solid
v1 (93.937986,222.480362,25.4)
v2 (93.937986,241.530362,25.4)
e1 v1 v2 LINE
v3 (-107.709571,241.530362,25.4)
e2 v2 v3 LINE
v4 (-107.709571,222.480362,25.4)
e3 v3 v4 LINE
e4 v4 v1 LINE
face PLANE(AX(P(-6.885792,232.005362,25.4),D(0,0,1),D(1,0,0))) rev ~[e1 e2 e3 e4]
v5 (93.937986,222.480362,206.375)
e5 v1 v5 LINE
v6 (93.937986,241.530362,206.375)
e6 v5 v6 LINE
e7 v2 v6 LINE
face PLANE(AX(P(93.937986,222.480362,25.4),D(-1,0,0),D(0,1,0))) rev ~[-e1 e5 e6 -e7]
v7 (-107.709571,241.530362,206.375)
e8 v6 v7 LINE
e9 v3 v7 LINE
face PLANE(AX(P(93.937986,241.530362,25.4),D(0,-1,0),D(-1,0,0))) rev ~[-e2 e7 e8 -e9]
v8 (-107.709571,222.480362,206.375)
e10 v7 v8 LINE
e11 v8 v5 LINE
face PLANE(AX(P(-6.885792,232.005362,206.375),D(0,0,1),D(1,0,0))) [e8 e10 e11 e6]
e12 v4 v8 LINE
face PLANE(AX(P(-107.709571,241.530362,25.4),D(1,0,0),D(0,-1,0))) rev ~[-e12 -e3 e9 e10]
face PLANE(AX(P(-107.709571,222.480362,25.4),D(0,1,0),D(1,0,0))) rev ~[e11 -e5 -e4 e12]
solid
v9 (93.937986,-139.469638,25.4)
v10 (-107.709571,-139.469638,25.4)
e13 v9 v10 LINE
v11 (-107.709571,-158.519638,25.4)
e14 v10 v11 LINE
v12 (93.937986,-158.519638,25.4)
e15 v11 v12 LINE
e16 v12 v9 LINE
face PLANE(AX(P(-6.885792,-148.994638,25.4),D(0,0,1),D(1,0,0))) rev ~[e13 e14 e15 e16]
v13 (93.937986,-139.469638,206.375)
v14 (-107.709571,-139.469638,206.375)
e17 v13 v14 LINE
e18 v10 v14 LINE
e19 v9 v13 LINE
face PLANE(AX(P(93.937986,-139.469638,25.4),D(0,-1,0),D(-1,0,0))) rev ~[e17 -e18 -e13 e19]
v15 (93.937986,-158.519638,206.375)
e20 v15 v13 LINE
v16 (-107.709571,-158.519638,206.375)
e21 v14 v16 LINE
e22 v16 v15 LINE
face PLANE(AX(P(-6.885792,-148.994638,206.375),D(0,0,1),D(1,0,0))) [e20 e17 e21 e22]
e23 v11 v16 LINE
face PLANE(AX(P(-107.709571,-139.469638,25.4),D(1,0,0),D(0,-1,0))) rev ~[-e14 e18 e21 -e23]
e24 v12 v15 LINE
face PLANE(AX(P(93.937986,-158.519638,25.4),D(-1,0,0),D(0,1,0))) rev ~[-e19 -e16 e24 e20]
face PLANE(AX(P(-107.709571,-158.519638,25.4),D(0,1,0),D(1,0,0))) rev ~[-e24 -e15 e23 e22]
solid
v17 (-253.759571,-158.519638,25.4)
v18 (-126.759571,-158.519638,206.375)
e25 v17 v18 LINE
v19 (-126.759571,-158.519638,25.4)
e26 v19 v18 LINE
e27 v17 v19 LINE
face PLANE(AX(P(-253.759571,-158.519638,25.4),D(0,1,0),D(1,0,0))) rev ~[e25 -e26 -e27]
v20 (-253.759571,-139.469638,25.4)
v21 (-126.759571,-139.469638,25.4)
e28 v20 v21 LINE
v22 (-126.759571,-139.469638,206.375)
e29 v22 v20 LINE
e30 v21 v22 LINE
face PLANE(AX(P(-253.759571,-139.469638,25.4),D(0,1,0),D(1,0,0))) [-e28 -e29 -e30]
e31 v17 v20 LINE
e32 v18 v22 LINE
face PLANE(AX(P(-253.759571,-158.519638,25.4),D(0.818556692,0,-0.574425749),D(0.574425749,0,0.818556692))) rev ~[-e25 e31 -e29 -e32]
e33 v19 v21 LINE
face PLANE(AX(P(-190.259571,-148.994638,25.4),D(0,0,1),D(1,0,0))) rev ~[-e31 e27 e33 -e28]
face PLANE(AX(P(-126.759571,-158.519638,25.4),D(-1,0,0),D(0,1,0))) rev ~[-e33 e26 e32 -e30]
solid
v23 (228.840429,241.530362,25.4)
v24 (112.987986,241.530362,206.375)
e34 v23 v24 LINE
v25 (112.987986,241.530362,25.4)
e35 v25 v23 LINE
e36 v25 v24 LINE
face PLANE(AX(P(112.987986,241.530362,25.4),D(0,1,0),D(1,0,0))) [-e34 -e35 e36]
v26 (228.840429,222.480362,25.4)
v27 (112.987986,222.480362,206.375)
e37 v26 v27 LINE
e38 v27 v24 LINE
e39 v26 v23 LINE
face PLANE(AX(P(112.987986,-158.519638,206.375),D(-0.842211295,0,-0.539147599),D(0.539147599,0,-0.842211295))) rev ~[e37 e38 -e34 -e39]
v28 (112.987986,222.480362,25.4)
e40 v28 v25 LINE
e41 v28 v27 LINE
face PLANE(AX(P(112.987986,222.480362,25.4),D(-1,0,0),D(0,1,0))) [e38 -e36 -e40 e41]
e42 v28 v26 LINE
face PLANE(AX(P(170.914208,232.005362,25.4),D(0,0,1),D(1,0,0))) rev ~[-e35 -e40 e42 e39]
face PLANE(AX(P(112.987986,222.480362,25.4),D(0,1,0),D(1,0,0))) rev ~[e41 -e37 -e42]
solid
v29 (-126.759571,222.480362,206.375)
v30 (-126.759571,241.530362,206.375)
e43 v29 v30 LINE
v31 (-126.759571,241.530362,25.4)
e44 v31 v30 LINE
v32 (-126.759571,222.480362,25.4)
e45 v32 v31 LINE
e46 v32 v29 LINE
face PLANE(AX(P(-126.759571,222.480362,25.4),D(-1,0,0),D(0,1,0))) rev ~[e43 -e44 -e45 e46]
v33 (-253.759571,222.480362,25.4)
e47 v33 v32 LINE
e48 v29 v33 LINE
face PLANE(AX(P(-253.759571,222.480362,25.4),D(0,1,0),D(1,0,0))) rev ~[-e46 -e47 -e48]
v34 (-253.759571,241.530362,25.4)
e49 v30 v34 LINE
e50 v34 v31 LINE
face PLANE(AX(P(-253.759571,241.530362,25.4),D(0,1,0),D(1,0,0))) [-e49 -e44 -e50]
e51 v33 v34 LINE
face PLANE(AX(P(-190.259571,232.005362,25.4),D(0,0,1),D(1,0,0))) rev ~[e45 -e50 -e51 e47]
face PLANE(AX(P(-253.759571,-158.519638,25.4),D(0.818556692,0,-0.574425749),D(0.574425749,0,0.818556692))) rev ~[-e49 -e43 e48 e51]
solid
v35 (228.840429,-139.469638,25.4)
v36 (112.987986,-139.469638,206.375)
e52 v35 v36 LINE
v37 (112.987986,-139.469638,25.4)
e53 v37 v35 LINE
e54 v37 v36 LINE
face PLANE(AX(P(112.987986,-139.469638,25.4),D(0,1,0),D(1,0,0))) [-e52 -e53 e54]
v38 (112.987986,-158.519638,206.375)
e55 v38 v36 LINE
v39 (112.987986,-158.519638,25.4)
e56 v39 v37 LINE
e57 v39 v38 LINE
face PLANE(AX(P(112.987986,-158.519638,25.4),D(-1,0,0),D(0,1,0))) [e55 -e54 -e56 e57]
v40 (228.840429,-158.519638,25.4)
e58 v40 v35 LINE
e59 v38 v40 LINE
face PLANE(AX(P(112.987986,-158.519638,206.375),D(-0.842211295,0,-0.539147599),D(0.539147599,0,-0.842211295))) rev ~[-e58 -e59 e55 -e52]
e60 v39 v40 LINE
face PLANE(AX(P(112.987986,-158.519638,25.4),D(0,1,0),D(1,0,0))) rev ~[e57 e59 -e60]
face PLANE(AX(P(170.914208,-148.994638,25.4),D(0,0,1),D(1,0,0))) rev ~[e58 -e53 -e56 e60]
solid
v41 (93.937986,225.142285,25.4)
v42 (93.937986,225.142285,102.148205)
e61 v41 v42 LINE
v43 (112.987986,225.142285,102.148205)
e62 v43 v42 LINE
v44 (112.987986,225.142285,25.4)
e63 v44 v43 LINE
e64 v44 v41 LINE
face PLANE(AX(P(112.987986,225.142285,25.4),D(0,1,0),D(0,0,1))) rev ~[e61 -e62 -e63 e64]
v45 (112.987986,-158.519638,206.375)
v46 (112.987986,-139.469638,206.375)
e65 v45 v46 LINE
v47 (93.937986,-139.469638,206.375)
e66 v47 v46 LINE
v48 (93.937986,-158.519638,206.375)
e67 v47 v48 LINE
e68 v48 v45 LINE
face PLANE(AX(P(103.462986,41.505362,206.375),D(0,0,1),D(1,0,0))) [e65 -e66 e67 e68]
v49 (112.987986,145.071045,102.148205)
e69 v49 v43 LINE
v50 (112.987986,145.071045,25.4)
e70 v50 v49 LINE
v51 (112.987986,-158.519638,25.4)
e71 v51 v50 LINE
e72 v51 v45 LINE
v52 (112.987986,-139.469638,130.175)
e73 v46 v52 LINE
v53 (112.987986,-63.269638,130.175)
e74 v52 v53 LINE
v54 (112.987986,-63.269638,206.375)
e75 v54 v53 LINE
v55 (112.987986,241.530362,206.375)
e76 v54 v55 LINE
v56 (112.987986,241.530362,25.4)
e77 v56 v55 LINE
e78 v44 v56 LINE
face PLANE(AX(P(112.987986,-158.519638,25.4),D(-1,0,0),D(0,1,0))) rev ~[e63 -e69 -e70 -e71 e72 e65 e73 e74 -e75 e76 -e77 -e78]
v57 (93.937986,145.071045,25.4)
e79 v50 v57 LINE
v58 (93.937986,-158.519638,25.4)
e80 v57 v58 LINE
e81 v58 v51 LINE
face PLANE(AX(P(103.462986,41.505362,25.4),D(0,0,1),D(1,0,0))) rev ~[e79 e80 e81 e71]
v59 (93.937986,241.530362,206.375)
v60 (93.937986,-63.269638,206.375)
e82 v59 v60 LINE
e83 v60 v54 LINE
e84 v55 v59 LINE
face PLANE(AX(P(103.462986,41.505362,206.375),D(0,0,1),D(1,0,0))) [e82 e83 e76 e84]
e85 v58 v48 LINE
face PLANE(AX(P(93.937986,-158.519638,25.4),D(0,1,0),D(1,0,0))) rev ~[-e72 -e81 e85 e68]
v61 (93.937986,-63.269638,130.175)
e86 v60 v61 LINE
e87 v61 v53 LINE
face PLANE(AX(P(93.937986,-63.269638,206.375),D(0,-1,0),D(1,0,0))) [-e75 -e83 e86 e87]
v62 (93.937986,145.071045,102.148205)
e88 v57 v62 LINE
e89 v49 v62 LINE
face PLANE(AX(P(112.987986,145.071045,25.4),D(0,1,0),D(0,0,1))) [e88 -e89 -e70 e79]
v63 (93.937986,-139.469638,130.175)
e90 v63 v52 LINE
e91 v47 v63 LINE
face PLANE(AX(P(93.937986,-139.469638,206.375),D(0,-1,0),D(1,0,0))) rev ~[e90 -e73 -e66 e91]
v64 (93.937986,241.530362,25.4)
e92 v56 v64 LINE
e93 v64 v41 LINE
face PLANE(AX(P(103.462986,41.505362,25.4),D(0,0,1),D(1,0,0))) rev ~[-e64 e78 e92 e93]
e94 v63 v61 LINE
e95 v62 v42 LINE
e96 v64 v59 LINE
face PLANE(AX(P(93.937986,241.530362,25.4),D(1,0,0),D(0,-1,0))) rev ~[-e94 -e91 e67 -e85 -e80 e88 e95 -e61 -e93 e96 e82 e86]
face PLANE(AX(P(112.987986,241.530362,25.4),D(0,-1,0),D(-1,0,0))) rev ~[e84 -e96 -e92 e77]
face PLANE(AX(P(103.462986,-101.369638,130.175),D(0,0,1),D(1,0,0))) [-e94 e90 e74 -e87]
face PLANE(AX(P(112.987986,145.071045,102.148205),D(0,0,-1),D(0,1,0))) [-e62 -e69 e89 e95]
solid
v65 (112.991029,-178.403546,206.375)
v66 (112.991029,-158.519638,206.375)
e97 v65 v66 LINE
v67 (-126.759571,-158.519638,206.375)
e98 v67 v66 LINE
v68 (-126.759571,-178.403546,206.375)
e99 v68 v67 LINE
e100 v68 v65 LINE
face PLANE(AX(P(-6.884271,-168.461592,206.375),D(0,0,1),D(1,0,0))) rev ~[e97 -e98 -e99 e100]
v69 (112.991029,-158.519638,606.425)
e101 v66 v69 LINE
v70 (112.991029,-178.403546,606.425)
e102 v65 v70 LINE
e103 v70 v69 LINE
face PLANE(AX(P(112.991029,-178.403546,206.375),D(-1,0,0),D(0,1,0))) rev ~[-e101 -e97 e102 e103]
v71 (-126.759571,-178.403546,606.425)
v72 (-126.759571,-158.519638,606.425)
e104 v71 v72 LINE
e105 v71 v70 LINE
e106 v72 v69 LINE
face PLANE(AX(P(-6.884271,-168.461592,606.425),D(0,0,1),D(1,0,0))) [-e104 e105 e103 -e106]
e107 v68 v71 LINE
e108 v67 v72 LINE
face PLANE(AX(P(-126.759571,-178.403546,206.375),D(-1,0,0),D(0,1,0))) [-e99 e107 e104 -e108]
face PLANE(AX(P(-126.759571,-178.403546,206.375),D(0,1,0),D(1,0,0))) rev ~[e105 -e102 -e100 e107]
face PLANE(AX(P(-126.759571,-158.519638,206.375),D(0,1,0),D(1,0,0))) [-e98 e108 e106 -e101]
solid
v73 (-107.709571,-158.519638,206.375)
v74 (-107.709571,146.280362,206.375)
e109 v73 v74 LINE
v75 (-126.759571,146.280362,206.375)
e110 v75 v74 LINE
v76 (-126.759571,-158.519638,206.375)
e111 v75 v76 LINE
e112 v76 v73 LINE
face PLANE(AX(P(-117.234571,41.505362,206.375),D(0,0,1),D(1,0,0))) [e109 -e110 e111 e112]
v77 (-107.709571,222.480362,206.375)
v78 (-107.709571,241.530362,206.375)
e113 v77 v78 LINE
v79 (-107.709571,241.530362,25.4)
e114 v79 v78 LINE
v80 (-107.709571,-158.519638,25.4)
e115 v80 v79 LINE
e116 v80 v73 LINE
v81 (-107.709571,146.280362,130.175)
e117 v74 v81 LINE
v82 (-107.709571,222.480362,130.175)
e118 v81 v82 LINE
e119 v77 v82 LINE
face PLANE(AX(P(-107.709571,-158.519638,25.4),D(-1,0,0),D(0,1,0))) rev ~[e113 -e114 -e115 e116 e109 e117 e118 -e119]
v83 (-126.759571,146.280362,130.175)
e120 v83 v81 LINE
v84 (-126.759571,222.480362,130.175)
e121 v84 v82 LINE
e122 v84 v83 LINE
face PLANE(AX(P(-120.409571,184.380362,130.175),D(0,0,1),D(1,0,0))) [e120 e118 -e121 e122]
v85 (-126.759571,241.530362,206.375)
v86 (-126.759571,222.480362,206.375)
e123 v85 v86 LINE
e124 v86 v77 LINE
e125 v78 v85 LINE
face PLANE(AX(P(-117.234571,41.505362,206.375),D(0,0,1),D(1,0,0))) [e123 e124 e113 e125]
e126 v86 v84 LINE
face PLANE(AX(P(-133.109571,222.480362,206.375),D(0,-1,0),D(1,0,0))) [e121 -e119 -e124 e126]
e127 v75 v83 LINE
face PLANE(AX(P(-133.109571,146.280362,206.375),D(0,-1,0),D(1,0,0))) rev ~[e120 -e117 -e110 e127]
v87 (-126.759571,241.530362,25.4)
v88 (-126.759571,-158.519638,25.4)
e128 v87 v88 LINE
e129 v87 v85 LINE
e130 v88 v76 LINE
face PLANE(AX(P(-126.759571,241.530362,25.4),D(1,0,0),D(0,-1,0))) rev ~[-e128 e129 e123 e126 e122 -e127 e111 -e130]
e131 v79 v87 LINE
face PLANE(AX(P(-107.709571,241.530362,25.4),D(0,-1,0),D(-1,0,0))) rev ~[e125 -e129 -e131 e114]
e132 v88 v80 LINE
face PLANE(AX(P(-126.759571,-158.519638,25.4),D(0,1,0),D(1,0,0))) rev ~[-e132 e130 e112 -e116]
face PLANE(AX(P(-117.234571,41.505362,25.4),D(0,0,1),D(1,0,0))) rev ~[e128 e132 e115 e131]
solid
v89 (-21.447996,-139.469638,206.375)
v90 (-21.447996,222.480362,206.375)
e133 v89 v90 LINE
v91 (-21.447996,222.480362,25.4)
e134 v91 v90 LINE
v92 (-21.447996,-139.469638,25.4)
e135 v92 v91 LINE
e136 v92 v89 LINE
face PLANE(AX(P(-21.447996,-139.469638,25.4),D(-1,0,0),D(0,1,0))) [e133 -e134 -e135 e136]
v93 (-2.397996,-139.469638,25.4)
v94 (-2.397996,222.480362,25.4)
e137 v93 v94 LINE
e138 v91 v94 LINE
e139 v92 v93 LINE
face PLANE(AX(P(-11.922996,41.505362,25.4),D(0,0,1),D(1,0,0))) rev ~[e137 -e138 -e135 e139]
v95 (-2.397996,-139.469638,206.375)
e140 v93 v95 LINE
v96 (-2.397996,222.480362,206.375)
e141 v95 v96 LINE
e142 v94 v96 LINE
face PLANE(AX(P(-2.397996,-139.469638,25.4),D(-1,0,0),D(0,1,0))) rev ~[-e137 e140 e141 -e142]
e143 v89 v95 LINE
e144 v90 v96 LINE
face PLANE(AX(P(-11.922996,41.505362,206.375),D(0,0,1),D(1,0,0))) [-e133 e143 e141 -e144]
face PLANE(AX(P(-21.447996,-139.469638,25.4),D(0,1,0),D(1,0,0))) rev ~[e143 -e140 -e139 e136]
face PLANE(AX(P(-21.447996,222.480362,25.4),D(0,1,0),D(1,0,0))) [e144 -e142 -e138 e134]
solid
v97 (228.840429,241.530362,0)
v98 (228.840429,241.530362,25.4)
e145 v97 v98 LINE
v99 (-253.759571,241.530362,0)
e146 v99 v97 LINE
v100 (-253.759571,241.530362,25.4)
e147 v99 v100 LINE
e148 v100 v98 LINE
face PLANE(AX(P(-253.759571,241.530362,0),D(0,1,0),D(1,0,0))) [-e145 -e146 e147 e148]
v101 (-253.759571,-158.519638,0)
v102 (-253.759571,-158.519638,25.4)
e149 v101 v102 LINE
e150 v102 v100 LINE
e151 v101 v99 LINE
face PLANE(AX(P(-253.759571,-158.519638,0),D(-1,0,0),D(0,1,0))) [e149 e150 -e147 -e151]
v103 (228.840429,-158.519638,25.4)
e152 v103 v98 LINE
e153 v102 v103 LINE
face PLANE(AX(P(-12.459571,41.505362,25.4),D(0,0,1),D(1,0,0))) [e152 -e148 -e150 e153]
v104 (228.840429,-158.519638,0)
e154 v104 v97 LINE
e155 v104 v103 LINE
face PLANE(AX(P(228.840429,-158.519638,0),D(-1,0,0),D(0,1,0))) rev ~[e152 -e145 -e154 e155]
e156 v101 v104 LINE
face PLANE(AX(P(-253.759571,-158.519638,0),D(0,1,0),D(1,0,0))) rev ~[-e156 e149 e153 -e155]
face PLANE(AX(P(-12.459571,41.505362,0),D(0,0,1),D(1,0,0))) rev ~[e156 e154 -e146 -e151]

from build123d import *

# Parameters (mm, degrees)
F0_W      = 482.6
F0_H      = 400.05
F1_DEPTH  = 25.4
F3_DEPTH  = 180.975
F2_W      = 19.05
F2_H      = 361.95
F2_W_2    = 127
F2_H_2    = 19.05
F4_DEPTH  = 180.975
F2_W_3    = 115.852443859
F6_DEPTH  = 400.051
F8_DEPTH  = 400.051
F9_W      = 239.7506
F9_H      = 19.883907908
F10_DEPTH = 400.05
F11_W     = 19.05
F11_H     = 76.2
F12_DEPTH = 76.2
F13_W     = 80.0712406635
F13_H     = 76.7482050419
F14_DEPTH = 25.4
F15_W     = 25.4
F15_H     = 76.2
F16_DEPTH = 76.2


with BuildPart() as f1:
    # F0 (on Top) → F1 (new body)
    with BuildSketch(Plane.XY):
        with Locations((-12.459570542, 41.5053624034)):
            Rectangle(F0_W, F0_H)
    extrude(amount=F1_DEPTH)


with BuildPart() as f3:
    # F2 (on face) → F3 (new body)
    with BuildSketch(Plane.XY.offset(25.4)):
        Polygon((-107.709570542, 241.5303624034), (-126.759570542, 241.5303624034), (-126.759570542, 222.4803624034), (-126.759570542, -139.4696375966), (-126.759570542, -158.5196375966), (-107.709570542, -158.5196375966), (-107.709570542, -139.4696375966), (-107.709570542, 222.4803624034), align=None)
    extrude(amount=F3_DEPTH)

    # F15 (on face) → F16 (cut)
    with BuildSketch(Plane.XY.offset(206.375)):
        with Locations((-120.409570542, 184.3803624034)):
            Rectangle(F15_W, F15_H)
    extrude(amount=-F16_DEPTH, mode=Mode.SUBTRACT)


with BuildPart() as f3b:
    # F2 (on face) → F3, piece 2 (new body)
    with BuildSketch(Plane.XY.offset(25.4)):
        with Locations((-11.9229956776, 41.5053624034)):
            Rectangle(F2_W, F2_H)
    extrude(amount=F3_DEPTH)


with BuildPart() as f3c:
    # F2 (on face) → F3, piece 3 (new body)
    with BuildSketch(Plane.XY.offset(25.4)):
        Polygon((112.987985599, 241.5303624034), (93.937985599, 241.5303624034), (93.937985599, 222.4803624034), (93.937985599, -139.4696375966), (93.937985599, -158.5196375966), (112.987985599, -158.5196375966), (112.987985599, -139.4696375966), (112.987985599, 222.4803624034), align=None)
    extrude(amount=F3_DEPTH)

    # F11 (on face) → F12 (cut)
    with BuildSketch(Plane.XY.offset(206.375)):
        with Locations((103.462985599, -101.3696375966)):
            Rectangle(F11_W, F11_H)
    extrude(amount=-F12_DEPTH, mode=Mode.SUBTRACT)

    # F13 (on face) → F14 (cut)
    with BuildSketch(Plane.YZ.offset(112.987985599)):
        with Locations((185.106664896, 63.7741025209)):
            Rectangle(F13_W, F13_H)
    extrude(amount=-F14_DEPTH, mode=Mode.SUBTRACT)


with BuildPart() as f4:
    # F2 (on face) → F4 (new body)
    with BuildSketch(Plane.XY.offset(25.4)):
        with Locations((-190.259570542, -148.9946375966)):
            Rectangle(F2_W_2, F2_H_2)
    extrude(amount=F4_DEPTH)


with BuildPart() as f4b:
    # F2 (on face) → F4, piece 2 (new body)
    with BuildSketch(Plane.XY.offset(25.4)):
        Polygon((-21.4479956776, -139.4696375966), (-107.709570542, -139.4696375966), (-107.709570542, -158.5196375966), (93.937985599, -158.5196375966), (93.937985599, -139.4696375966), (-2.3979956776, -139.4696375966), align=None)
    extrude(amount=F4_DEPTH)


with BuildPart() as f4c:
    # F2 (on face) → F4, piece 3 (new body)
    with BuildSketch(Plane.XY.offset(25.4)):
        with Locations((170.9142075285, -148.9946375966)):
            Rectangle(F2_W_3, F2_H_2)
    extrude(amount=F4_DEPTH)


with BuildPart() as f4d:
    # F2 (on face) → F4, piece 4 (new body)
    with BuildSketch(Plane.XY.offset(25.4)):
        Polygon((93.937985599, 241.5303624034), (-107.709570542, 241.5303624034), (-107.709570542, 222.4803624034), (-21.4479956776, 222.4803624034), (-2.3979956776, 222.4803624034), (93.937985599, 222.4803624034), align=None)
    extrude(amount=F4_DEPTH)


with BuildPart() as f4e:
    # F2 (on face) → F4, piece 5 (new body)
    with BuildSketch(Plane.XY.offset(25.4)):
        with Locations((170.9142075285, 232.0053624034)):
            Rectangle(F2_W_3, F2_H_2)
    extrude(amount=F4_DEPTH)


with BuildPart() as f4f:
    # F2 (on face) → F4, piece 6 (new body)
    with BuildSketch(Plane.XY.offset(25.4)):
        with Locations((-190.259570542, 232.0053624034)):
            Rectangle(F2_W_2, F2_H_2)
    extrude(amount=F4_DEPTH)


with BuildPart() as f6_tool:
    # F5 (on face) → F6 (new body, through all)
    with BuildSketch(Plane.XZ.offset(158.5196375966)):
        Polygon((-253.759570542, 206.375), (-253.759570542, 25.4), (-126.759570542, 206.375), align=None)
    extrude(amount=-F6_DEPTH)


with BuildPart() as f4_1:
    add(f4.part)

    # F6: cut by f6_tool
    add(f6_tool.part, mode=Mode.SUBTRACT)


with BuildPart() as f4f_1:
    add(f4f.part)

    # F6: cut by f6_tool
    add(f6_tool.part, mode=Mode.SUBTRACT)


with BuildPart() as f8_tool:
    # F7 (on face) → F8 (new body, through all)
    with BuildSketch(Plane.XZ.offset(158.5196375966)):
        Polygon((112.987985599, 206.375), (228.840429458, 25.4), (228.840429458, 206.375), align=None)
    extrude(amount=-F8_DEPTH)


with BuildPart() as f4c_1:
    add(f4c.part)

    # F8: cut by f8_tool
    add(f8_tool.part, mode=Mode.SUBTRACT)


with BuildPart() as f4e_1:
    add(f4e.part)

    # F8: cut by f8_tool
    add(f8_tool.part, mode=Mode.SUBTRACT)


with BuildPart() as f10:
    # F9 (on face) → F10 (new body)
    with BuildSketch(Plane.XY.offset(206.375)):
        with Locations((-6.884270542, -168.4615915506)):
            Rectangle(F9_W, F9_H)
    extrude(amount=F10_DEPTH)


solid = Compound([f1.part, f3.part, f3b.part, f3c.part, f4b.part, f4d.part, f4_1.part, f4f_1.part, f4c_1.part, f4e_1.part, f10.part])
